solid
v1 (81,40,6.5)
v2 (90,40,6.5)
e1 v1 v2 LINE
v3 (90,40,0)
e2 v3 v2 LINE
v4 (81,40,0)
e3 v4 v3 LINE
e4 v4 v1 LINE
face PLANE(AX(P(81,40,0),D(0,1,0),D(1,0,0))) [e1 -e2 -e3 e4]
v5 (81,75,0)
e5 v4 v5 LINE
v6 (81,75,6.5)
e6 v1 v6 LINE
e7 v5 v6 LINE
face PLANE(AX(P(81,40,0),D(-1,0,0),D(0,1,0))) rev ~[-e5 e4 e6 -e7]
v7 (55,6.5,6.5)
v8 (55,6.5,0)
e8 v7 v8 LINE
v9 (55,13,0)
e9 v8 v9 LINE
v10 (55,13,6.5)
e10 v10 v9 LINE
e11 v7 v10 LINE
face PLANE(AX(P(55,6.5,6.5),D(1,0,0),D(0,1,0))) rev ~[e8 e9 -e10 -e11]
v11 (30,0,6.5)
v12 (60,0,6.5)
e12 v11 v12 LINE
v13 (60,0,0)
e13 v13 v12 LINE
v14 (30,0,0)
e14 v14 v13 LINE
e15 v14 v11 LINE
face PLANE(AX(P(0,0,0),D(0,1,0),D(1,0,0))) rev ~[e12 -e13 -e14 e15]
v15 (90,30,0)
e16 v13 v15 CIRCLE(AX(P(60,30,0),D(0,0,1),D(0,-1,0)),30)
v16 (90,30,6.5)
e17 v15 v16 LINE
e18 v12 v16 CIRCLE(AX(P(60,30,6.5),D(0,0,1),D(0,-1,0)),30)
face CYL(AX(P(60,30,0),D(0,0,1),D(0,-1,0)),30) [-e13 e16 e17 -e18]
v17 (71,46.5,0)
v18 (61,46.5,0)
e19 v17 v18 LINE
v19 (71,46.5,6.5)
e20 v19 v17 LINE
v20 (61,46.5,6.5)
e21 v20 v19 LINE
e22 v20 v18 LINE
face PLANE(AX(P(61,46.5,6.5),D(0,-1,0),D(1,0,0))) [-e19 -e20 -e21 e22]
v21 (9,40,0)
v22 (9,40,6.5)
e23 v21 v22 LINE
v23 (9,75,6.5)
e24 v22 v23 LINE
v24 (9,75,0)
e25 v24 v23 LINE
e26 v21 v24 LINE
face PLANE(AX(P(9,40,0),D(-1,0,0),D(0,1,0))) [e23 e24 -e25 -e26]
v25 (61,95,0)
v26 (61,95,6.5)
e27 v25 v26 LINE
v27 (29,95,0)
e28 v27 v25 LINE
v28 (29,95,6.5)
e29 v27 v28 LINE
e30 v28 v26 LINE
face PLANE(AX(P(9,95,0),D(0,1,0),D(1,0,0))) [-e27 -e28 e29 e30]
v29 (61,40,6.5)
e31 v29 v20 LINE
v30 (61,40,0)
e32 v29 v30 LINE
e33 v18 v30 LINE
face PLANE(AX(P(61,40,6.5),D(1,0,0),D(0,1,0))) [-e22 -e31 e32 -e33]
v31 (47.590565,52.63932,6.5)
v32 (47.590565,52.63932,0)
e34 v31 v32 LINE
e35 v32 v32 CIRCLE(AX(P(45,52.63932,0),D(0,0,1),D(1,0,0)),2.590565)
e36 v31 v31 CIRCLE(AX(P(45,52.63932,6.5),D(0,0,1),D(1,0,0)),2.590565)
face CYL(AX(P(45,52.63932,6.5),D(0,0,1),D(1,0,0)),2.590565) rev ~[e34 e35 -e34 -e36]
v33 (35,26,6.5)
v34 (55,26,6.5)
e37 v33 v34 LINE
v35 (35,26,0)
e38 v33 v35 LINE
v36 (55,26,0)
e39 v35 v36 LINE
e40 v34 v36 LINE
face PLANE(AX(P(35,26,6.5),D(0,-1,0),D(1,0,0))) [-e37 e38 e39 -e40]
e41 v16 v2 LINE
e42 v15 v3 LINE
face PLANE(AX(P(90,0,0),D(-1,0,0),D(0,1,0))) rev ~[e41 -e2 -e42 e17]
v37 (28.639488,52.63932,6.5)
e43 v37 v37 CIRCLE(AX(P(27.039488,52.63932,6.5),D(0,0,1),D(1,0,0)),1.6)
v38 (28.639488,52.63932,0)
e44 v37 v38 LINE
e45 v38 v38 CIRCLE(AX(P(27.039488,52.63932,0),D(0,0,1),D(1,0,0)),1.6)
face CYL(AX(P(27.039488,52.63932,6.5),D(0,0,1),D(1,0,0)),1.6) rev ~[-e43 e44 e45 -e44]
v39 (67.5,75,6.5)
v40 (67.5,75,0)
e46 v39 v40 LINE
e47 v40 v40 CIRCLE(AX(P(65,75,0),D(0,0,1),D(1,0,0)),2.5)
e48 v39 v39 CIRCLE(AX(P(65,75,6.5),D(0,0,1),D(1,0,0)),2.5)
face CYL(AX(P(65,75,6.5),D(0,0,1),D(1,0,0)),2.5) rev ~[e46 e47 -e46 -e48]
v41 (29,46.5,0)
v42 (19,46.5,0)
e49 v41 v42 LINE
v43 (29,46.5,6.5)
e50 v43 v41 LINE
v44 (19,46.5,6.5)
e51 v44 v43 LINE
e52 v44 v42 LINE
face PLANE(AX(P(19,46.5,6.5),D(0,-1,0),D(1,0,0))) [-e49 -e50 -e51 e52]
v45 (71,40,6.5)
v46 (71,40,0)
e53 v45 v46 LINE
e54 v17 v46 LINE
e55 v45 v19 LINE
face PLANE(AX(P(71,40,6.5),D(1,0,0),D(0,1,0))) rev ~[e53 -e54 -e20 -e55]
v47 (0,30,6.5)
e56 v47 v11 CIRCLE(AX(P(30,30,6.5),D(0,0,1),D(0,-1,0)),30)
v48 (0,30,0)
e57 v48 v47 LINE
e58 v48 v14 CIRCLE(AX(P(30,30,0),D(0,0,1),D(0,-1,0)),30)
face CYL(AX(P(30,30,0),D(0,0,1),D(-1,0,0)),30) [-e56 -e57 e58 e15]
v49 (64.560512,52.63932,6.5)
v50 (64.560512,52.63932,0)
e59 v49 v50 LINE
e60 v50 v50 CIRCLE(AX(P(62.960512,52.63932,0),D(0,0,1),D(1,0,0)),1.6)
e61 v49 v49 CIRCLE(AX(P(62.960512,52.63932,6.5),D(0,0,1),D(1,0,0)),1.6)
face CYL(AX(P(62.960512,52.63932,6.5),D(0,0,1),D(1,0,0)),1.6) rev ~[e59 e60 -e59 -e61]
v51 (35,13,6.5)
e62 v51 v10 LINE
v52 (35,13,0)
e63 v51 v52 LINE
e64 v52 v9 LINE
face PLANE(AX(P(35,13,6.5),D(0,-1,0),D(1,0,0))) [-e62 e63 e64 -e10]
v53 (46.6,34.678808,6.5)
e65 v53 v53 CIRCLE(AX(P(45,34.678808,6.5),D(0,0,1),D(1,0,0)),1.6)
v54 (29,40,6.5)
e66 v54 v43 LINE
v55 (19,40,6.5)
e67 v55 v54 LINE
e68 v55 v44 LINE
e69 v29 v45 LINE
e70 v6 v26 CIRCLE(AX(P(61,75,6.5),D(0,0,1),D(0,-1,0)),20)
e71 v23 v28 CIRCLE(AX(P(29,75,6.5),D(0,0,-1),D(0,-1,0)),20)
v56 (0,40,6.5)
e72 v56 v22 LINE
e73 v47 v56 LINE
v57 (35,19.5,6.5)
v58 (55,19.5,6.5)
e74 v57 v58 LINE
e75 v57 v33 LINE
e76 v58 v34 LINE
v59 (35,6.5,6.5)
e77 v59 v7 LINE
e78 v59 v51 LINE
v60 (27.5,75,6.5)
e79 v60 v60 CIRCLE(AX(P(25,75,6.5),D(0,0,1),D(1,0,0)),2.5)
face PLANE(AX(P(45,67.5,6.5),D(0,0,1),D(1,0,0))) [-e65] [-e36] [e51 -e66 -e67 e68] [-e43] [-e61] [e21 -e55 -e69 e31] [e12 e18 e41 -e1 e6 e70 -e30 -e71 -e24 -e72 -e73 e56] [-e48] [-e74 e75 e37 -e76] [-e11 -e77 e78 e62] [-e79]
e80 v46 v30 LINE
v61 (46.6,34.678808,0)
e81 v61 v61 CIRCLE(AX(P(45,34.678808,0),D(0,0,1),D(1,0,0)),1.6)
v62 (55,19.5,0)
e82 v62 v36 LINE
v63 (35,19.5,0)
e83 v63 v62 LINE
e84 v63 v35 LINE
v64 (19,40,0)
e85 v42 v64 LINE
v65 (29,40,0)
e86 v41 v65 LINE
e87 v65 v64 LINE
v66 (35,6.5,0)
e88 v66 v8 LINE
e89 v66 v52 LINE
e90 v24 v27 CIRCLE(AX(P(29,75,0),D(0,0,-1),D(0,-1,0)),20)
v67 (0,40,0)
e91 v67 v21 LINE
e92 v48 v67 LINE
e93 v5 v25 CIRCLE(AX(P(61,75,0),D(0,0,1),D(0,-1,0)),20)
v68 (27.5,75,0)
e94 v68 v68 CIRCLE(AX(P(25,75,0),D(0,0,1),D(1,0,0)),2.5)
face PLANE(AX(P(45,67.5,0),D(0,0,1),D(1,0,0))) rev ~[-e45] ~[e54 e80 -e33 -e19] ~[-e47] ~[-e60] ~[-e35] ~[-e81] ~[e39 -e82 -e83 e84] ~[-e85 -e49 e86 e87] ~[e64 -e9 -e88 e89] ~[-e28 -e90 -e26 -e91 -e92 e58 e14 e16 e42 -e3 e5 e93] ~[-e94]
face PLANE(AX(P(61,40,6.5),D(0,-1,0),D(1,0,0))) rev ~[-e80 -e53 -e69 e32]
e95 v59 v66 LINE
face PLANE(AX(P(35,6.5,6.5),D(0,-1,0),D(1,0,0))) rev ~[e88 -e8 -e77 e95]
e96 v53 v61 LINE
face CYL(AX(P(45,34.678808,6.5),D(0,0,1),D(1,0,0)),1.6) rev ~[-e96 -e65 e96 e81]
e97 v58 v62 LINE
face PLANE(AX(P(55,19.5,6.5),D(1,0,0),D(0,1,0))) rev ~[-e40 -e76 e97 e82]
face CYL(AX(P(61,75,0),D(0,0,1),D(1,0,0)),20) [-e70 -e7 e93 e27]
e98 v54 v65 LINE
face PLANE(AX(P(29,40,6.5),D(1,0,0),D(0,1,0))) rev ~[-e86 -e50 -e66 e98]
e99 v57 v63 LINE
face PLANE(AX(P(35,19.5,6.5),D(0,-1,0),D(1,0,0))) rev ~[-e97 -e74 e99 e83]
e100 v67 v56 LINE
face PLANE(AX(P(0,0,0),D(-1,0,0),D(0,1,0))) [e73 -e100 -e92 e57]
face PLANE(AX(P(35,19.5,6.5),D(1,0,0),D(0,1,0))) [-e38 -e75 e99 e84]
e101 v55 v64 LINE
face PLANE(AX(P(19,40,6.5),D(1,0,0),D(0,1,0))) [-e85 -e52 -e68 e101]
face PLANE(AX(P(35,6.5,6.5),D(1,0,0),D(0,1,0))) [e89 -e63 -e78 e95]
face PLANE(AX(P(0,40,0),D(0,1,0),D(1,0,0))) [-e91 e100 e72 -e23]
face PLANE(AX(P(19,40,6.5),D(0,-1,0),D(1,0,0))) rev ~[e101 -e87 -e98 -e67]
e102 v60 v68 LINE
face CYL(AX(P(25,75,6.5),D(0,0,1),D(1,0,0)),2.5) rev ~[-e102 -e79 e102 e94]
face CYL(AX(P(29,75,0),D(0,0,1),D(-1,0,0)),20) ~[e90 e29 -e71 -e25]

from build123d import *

# Parameters (mm, degrees)
BOSS_EXTRUDE1_DEPTH = 6.5
FILLET1_R           = 20
FILLET2_R           = 30
SKETCH2_R           = 1.6
SKETCH2_R_2         = 2.5
SKETCH2_R_3         = 2.59056518
MOUNT_HOLES_DEPTH   = 132.02385279
SIDEWHEEL_CUT_REACH = 133.024
SKETCH3_W           = 10
SKETCH3_H           = 6.5
SKETCH4_W           = 20
SKETCH4_H           = 6.5
CROSSBAR_CUT_DEPTH  = 132.02385279


with BuildPart() as part:
    # Sketch1 → Boss-Extrude1 (new body)
    with BuildSketch(Plane.XY):
        Polygon((0, 40), (0, 0), (90, 0), (90, 40), (81, 40), (81, 95), (9, 95), (9, 40), align=None)
    extrude(amount=BOSS_EXTRUDE1_DEPTH)

    # Fillet1
    fillet1_edges = [part.edges().sort_by_distance(p)[0] for p in [
        (81, 95, 3.25),
        (9, 95, 3.25),
    ]]
    fillet(fillet1_edges, radius=FILLET1_R)

    # Fillet2
    fillet2_edges = [part.edges().sort_by_distance(p)[0] for p in [
        (90, 0, 3.25),
        (0, 0, 3.25),
    ]]
    fillet(fillet2_edges, radius=FILLET2_R)

    # Sketch2 → mount holes (cut, through all)
    with BuildSketch(Plane.XY.offset(6.5)):
        with Locations((62.960512242, 52.639320225)):
            Circle(SKETCH2_R)
        with Locations((27.039487758, 52.639320225)):
            Circle(SKETCH2_R)
        with Locations((45, 34.678807983)):
            Circle(SKETCH2_R)
        with Locations((25, 75)):
            Circle(SKETCH2_R_2)
        with Locations((65, 75)):
            Circle(SKETCH2_R_2)
        with Locations((45, 52.639320225)):
            Circle(SKETCH2_R_3)
    extrude(amount=-MOUNT_HOLES_DEPTH, mode=Mode.SUBTRACT)

    # Sketch3 → sidewheel cut (cut, up to next)
    with BuildSketch(Plane.XY.offset(6.5), mode=Mode.PRIVATE) as sidewheel_cut_sk1:
        with Locations((24, 43.25)):
            Rectangle(SKETCH3_W, SKETCH3_H)
    sidewheel_cut_tool1 = extrude(sidewheel_cut_sk1.sketch, amount=-SIDEWHEEL_CUT_REACH, mode=Mode.PRIVATE) & part.part
    # Sketch3 → sidewheel cut (cut, up to next)
    with BuildSketch(Plane.XY.offset(6.5), mode=Mode.PRIVATE) as sidewheel_cut_sk2:
        with Locations((66, 43.25)):
            Rectangle(SKETCH3_W, SKETCH3_H)
    sidewheel_cut_tool2 = extrude(sidewheel_cut_sk2.sketch, amount=-SIDEWHEEL_CUT_REACH, mode=Mode.PRIVATE) & part.part
    add(sidewheel_cut_tool1.solids().sort_by_distance((24, 43.25, 6.5))[0], mode=Mode.SUBTRACT)
    add(sidewheel_cut_tool2.solids().sort_by_distance((66, 43.25, 6.5))[0], mode=Mode.SUBTRACT)

    # Sketch4 → crossbar cut (cut, through all)
    with BuildSketch(Plane.XY.offset(6.5)):
        with Locations((45, 22.75)):
            Rectangle(SKETCH4_W, SKETCH4_H)
        with Locations((45, 9.75)):
            Rectangle(SKETCH4_W, SKETCH4_H)
    extrude(amount=-CROSSBAR_CUT_DEPTH, mode=Mode.SUBTRACT)


solid = part.part
